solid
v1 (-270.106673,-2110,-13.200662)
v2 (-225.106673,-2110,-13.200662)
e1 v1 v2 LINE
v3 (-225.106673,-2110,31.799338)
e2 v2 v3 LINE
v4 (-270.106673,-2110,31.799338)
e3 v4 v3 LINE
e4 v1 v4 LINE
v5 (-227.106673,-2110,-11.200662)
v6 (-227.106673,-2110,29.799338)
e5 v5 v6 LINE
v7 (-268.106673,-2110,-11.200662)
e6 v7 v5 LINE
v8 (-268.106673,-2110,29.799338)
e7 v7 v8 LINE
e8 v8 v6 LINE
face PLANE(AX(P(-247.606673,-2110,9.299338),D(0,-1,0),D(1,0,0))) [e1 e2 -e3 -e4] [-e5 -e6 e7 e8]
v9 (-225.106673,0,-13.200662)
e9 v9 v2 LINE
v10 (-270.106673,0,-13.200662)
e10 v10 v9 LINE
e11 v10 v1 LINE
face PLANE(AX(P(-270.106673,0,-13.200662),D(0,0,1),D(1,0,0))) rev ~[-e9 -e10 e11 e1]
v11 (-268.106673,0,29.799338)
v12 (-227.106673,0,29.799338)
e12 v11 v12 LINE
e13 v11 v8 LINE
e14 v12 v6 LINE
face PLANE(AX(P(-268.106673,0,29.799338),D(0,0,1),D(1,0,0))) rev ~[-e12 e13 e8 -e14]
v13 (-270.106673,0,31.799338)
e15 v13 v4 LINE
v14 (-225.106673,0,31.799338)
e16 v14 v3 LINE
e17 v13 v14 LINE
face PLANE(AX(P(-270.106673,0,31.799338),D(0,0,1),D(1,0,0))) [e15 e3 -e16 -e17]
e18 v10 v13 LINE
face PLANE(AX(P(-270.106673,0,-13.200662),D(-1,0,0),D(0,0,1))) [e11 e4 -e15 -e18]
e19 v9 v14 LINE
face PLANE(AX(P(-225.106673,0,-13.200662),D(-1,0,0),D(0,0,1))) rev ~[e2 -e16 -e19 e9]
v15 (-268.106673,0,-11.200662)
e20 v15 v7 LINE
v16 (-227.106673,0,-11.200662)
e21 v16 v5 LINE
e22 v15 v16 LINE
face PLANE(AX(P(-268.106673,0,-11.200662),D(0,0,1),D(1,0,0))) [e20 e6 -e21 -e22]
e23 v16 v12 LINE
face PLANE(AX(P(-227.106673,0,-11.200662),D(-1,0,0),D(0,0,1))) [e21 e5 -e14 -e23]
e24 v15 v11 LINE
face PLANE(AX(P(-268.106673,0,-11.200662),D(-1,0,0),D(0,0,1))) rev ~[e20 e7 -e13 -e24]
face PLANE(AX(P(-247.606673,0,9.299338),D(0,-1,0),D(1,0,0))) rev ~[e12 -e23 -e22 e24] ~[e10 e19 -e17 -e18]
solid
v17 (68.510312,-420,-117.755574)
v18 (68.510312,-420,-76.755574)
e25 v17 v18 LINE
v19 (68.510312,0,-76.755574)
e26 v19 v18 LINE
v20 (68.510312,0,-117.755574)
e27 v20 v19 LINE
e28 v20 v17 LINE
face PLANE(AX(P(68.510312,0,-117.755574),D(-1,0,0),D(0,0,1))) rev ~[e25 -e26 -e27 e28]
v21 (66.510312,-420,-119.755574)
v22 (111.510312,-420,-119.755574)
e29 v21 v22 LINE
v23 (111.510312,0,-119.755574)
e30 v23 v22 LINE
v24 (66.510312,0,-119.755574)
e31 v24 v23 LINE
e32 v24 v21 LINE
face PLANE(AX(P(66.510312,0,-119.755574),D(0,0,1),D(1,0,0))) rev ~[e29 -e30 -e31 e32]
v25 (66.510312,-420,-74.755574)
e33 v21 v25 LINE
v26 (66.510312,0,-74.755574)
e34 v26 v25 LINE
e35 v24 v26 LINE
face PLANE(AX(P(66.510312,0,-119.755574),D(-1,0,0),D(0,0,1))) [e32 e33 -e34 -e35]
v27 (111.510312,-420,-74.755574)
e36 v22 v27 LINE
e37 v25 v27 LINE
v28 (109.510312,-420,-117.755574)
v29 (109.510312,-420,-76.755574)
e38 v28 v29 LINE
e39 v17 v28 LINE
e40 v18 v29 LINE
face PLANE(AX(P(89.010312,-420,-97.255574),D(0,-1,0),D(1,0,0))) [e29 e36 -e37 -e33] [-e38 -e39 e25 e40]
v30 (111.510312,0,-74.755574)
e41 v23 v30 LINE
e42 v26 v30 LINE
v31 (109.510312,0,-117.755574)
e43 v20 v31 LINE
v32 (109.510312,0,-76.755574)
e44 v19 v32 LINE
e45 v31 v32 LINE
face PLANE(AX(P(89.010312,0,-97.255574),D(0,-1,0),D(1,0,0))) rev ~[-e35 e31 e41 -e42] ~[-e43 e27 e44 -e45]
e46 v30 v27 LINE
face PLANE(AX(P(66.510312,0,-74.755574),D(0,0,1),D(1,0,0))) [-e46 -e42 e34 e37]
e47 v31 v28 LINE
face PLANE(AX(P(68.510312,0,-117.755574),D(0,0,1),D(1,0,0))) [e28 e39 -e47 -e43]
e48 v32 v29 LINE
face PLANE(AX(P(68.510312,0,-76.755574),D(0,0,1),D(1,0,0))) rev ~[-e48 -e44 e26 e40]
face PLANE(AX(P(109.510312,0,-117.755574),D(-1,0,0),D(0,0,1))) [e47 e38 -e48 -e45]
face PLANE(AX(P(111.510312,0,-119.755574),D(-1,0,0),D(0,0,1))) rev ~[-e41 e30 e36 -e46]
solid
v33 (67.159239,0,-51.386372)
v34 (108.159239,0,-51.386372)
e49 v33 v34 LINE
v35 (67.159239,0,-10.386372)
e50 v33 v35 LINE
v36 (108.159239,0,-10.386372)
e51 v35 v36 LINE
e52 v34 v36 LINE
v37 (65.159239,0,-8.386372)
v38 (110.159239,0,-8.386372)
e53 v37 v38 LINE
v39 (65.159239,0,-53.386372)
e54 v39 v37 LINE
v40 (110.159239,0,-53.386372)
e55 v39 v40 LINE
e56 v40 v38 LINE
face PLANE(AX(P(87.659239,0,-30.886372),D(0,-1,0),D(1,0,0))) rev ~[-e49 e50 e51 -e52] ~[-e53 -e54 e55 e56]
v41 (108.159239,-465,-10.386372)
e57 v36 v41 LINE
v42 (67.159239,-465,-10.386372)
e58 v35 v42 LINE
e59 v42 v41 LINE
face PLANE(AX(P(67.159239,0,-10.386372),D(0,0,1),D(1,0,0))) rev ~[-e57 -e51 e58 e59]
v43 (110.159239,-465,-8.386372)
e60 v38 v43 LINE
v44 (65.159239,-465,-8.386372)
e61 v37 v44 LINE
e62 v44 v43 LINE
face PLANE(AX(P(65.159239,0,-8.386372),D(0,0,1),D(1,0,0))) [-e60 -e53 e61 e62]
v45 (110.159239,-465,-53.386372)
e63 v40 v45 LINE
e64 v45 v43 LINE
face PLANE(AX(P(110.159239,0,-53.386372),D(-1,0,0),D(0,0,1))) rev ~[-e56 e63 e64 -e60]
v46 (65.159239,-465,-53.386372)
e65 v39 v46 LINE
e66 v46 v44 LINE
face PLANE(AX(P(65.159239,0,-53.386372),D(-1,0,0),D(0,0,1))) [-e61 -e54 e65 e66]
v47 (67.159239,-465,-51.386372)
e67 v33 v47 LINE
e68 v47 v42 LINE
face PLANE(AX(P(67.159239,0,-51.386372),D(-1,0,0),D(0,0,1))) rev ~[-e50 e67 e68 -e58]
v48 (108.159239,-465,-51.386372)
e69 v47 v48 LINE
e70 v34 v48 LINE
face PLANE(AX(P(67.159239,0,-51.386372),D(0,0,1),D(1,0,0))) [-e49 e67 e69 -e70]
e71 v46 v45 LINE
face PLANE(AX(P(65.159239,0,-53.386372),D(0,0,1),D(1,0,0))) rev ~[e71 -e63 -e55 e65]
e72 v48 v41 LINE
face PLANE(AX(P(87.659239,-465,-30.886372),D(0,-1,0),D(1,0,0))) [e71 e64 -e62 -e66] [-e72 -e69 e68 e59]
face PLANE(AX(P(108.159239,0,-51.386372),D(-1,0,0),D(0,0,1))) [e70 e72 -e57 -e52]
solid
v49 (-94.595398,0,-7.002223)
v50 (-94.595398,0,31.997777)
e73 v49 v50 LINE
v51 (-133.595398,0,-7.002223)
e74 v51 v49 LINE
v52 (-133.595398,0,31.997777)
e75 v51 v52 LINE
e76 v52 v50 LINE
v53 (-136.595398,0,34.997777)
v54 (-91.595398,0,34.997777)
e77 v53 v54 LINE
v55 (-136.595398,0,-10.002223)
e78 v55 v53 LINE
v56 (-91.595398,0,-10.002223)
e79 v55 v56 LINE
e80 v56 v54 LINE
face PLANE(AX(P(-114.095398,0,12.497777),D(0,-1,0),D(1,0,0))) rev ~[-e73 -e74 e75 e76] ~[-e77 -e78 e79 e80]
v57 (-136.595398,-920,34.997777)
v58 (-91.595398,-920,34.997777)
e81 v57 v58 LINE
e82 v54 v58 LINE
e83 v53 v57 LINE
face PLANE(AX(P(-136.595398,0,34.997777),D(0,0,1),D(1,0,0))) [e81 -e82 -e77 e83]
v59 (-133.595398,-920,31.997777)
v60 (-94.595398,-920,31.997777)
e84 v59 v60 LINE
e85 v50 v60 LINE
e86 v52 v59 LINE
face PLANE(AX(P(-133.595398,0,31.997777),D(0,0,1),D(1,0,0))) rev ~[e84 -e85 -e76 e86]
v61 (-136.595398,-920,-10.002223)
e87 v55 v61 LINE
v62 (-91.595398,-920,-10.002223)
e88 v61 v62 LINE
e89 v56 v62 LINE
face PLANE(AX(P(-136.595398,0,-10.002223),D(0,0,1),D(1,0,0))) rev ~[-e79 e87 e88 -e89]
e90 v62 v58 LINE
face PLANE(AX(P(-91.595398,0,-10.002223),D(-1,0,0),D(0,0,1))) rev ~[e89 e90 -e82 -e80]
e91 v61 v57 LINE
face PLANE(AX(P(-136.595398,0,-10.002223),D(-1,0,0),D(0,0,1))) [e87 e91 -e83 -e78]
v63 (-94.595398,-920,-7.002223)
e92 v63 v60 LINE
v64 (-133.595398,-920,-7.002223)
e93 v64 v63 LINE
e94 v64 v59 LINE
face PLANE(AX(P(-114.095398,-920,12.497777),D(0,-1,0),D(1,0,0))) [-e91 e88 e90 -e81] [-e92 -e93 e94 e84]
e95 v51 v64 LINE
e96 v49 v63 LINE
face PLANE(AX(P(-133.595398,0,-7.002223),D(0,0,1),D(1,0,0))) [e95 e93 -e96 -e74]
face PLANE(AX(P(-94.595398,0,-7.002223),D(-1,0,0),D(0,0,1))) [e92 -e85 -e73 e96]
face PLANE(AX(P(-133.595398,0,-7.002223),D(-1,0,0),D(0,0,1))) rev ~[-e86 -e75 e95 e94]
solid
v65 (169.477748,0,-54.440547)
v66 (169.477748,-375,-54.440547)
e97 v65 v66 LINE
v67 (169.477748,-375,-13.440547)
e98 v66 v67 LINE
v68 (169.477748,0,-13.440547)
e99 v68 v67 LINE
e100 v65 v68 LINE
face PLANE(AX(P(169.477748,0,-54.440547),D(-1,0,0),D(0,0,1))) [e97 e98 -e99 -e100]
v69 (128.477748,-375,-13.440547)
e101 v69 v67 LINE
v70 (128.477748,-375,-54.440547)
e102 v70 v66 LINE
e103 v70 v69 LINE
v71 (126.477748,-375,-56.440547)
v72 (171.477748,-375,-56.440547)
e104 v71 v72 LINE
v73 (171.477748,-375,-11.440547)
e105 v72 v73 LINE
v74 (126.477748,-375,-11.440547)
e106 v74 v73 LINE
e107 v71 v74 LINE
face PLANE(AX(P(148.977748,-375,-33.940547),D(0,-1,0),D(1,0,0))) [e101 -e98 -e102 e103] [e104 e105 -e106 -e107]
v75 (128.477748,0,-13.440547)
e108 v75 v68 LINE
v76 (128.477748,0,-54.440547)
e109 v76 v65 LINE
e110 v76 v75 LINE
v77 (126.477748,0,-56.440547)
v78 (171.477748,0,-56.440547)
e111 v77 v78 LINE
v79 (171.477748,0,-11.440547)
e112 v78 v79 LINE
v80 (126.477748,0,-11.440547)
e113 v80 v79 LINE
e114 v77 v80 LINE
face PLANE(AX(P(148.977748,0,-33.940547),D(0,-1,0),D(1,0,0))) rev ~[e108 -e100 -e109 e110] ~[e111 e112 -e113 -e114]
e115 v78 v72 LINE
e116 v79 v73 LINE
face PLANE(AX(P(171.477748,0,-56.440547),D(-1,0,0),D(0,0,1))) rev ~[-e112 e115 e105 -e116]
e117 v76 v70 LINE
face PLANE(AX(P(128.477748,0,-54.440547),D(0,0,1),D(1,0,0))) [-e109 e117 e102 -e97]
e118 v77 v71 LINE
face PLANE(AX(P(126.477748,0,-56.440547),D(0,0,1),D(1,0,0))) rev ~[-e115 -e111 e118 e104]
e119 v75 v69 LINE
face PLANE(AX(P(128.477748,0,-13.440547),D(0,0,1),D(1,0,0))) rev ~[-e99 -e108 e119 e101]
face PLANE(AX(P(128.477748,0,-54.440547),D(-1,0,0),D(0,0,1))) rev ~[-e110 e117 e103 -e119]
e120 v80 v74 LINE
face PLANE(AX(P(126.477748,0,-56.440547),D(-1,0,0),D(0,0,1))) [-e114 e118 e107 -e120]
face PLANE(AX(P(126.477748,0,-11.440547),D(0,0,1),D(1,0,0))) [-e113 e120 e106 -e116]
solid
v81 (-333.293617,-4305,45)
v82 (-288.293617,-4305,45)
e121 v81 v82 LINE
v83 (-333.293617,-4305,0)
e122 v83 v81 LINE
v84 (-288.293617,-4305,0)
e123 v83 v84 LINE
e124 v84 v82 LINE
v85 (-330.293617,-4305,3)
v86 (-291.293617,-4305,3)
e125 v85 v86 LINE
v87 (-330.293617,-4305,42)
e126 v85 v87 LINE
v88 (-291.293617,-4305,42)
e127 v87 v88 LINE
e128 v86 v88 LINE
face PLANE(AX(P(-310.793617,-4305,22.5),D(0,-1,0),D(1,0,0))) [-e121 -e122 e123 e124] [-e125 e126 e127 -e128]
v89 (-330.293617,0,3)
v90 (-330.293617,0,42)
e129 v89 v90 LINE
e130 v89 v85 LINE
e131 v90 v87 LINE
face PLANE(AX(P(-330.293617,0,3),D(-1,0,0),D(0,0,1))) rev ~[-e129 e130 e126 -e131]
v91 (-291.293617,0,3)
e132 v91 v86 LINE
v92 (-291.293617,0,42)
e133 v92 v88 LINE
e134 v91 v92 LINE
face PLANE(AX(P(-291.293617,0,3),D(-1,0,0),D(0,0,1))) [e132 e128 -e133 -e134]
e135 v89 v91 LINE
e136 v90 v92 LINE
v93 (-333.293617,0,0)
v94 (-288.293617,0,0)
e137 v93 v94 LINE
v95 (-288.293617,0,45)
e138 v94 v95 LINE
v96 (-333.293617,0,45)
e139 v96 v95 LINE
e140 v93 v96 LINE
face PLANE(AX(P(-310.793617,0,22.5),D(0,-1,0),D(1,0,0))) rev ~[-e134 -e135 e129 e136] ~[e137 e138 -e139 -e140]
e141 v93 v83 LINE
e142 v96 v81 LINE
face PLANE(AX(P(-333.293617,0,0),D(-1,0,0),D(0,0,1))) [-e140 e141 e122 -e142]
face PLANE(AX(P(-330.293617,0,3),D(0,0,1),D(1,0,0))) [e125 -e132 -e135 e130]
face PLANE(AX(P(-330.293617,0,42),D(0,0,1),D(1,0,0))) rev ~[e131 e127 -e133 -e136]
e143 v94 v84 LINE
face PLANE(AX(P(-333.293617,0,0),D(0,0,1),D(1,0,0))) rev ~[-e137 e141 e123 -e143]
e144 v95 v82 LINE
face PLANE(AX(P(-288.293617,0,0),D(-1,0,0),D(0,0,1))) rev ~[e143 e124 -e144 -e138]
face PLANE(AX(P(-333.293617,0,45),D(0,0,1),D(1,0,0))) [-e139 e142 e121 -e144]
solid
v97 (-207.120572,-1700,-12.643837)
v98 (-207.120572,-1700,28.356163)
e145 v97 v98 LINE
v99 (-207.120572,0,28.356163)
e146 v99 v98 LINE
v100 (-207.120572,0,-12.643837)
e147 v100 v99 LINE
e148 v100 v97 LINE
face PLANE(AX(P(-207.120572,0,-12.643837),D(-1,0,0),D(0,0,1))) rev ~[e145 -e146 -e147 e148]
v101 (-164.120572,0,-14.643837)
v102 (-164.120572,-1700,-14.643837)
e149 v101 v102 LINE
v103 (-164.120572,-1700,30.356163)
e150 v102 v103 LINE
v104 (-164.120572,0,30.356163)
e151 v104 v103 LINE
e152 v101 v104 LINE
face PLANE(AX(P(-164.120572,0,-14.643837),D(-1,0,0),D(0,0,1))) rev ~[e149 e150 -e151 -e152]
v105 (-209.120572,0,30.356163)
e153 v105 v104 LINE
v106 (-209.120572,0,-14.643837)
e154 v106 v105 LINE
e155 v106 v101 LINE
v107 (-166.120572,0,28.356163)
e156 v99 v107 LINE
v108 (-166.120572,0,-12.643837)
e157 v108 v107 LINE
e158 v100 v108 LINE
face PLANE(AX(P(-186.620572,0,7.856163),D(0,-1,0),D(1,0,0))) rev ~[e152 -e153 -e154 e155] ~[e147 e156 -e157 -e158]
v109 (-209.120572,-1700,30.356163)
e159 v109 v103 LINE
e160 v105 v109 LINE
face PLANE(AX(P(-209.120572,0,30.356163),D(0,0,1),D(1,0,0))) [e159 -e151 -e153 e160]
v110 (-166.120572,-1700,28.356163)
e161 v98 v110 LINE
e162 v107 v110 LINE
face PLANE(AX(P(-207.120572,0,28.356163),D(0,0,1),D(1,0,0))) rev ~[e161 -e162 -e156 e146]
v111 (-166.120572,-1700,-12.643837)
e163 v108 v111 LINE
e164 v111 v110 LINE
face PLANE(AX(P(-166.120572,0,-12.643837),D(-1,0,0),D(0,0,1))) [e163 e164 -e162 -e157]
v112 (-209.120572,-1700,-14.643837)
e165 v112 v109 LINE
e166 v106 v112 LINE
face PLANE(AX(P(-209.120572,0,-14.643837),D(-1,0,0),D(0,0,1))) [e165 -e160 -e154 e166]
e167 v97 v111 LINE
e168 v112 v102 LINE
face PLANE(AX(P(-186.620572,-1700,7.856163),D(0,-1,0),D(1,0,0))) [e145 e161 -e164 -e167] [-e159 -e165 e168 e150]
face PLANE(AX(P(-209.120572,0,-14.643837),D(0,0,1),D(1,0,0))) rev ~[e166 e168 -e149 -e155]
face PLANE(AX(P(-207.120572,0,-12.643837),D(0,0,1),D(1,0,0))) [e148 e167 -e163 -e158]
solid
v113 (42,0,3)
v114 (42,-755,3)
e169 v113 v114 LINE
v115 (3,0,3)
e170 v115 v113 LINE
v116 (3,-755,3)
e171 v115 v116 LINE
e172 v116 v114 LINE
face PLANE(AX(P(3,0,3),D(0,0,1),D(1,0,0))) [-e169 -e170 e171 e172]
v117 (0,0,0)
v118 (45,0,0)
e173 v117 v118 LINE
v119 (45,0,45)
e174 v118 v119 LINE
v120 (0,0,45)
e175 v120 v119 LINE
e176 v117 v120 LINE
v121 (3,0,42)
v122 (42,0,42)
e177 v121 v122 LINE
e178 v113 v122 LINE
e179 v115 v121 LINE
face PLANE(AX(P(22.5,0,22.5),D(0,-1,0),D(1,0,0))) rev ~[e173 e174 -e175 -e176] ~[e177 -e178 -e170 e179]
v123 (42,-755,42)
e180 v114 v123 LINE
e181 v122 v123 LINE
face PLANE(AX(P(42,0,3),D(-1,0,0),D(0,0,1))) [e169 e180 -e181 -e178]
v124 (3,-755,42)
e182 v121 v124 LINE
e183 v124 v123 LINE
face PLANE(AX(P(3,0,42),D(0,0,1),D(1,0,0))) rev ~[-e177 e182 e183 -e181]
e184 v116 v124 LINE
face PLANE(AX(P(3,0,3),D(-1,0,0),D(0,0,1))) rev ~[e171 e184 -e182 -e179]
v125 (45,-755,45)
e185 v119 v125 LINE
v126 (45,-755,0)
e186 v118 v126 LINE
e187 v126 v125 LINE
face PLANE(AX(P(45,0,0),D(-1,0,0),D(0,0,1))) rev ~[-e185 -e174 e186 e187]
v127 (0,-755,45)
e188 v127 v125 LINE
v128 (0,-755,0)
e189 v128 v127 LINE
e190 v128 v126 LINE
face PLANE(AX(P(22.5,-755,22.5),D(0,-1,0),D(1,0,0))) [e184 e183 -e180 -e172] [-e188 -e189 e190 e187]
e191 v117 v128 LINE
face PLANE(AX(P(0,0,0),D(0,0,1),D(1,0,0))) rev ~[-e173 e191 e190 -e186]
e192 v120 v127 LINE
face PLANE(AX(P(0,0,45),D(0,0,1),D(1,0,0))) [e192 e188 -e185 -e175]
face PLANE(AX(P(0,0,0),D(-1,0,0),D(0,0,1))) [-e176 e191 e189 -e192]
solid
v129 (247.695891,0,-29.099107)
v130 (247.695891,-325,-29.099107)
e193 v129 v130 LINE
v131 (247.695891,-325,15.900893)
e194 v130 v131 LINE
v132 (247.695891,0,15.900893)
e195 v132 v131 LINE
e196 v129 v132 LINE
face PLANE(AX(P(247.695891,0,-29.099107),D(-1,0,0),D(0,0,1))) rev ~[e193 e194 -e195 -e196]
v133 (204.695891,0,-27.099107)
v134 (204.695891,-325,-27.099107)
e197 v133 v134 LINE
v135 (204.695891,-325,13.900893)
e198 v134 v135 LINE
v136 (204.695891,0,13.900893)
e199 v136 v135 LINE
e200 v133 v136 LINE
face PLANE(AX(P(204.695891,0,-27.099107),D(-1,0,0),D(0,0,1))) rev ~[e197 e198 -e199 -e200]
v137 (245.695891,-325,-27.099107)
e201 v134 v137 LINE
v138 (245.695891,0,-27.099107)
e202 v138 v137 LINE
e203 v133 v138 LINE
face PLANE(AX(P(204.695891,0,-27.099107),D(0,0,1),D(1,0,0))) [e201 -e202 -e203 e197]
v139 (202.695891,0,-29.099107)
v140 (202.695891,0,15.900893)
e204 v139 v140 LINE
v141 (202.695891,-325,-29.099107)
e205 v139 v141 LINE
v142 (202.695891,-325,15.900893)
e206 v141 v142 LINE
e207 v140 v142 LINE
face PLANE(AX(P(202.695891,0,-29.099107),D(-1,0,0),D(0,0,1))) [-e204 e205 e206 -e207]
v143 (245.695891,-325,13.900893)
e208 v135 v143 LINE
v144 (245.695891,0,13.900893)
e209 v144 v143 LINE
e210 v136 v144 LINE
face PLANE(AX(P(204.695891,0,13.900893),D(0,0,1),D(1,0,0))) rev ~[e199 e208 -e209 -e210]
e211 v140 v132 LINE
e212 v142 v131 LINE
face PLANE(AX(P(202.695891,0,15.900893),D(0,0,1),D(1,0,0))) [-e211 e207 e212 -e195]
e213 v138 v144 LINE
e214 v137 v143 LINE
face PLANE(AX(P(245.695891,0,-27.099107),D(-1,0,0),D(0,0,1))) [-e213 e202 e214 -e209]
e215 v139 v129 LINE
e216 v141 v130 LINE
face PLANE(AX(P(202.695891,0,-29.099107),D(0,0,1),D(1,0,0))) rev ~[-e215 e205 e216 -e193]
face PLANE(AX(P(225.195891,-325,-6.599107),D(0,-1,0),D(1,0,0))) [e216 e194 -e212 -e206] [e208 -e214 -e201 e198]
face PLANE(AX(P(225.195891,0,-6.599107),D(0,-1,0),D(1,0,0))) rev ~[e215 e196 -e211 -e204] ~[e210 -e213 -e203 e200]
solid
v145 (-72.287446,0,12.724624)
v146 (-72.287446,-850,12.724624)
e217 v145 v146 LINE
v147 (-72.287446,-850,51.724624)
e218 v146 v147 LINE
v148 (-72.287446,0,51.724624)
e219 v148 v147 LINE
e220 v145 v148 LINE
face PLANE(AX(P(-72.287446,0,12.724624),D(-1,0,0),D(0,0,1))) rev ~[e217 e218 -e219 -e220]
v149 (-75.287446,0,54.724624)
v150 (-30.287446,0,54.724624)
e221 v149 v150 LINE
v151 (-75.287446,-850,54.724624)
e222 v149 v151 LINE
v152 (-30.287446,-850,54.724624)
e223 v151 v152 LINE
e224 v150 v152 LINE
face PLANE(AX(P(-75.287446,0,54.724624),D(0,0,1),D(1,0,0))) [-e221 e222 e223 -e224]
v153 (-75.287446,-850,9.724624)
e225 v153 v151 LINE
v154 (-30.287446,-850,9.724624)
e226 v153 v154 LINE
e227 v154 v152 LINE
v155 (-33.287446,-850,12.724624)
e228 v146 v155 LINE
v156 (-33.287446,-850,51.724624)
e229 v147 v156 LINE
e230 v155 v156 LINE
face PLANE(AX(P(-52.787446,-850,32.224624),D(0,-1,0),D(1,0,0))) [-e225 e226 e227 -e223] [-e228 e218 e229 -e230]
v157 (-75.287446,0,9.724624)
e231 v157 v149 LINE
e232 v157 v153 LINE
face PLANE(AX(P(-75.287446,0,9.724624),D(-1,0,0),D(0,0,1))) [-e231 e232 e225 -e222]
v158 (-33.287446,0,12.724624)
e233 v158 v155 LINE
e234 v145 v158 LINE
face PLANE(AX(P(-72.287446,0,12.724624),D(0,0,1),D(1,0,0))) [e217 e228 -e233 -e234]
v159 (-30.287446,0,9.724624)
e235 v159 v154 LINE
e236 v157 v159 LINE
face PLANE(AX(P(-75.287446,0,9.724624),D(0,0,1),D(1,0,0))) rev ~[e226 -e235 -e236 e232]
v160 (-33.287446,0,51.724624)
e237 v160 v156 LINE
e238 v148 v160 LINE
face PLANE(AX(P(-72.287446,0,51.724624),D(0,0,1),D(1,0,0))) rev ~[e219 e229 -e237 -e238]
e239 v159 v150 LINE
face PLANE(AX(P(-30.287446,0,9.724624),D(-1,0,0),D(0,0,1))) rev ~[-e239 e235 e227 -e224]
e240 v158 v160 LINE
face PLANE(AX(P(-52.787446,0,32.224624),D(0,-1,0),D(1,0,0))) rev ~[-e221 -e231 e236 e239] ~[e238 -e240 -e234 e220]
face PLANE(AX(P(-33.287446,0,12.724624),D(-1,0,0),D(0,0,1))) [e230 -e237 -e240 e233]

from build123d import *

# Parameters (mm, degrees)
F0_W      = 45
F0_H      = 45
F0_W_2    = 39
F0_H_2    = 39
F1_DEPTH  = 755
F2_DEPTH  = 850
F3_DEPTH  = 920
F0_W_3    = 41
F0_H_3    = 41
F4_DEPTH  = 1700
F5_DEPTH  = 2110
F6_DEPTH  = 465
F7_DEPTH  = 375
F8_DEPTH  = 4305
F9_DEPTH  = 325
F10_DEPTH = 420


with BuildPart() as f1:
    # F0 (on Front) → F1 (new body)
    with BuildSketch(Plane.XZ):
        with Locations((22.5, 22.5)):
            Rectangle(F0_W, F0_H)
        with Locations((22.5, 22.5)):
            Rectangle(F0_W_2, F0_H_2, mode=Mode.SUBTRACT)
    extrude(amount=F1_DEPTH)


with BuildPart() as f2:
    # F0 (on Front) → F2 (new body)
    with BuildSketch(Plane.XZ):
        with Locations((-52.787446, 32.224624)):
            Rectangle(F0_W, F0_H)
        with Locations((-52.787446, 32.224624)):
            Rectangle(F0_W_2, F0_H_2, mode=Mode.SUBTRACT)
    extrude(amount=F2_DEPTH)


with BuildPart() as f3:
    # F0 (on Front) → F3 (new body)
    with BuildSketch(Plane.XZ):
        with Locations((-114.095398, 12.497777)):
            Rectangle(F0_W, F0_H)
        with Locations((-114.095398, 12.497777)):
            Rectangle(F0_W_2, F0_H_2, mode=Mode.SUBTRACT)
    extrude(amount=F3_DEPTH)


with BuildPart() as f4:
    # F0 (on Front) → F4 (new body)
    with BuildSketch(Plane.XZ):
        with Locations((-186.620572, 7.856163)):
            Rectangle(F0_W, F0_H)
        with Locations((-186.620572, 7.856163)):
            Rectangle(F0_W_3, F0_H_3, mode=Mode.SUBTRACT)
    extrude(amount=F4_DEPTH)


with BuildPart() as f5:
    # F0 (on Front) → F5 (new body)
    with BuildSketch(Plane.XZ):
        with Locations((-247.606673, 9.299338)):
            Rectangle(F0_W, F0_H)
        with Locations((-247.606673, 9.299338)):
            Rectangle(F0_W_3, F0_H_3, mode=Mode.SUBTRACT)
    extrude(amount=F5_DEPTH)


with BuildPart() as f6:
    # F0 (on Front) → F6 (new body)
    with BuildSketch(Plane.XZ):
        with Locations((87.659239, -30.886372)):
            Rectangle(F0_W, F0_H)
        with Locations((87.659239, -30.886372)):
            Rectangle(F0_W_3, F0_H_3, mode=Mode.SUBTRACT)
    extrude(amount=F6_DEPTH)


with BuildPart() as f7:
    # F0 (on Front) → F7 (new body)
    with BuildSketch(Plane.XZ):
        with Locations((148.977748, -33.940547)):
            Rectangle(F0_W, F0_H)
        with Locations((148.977748, -33.940547)):
            Rectangle(F0_W_3, F0_H_3, mode=Mode.SUBTRACT)
    extrude(amount=F7_DEPTH)


with BuildPart() as f8:
    # F0 (on Front) → F8 (new body)
    with BuildSketch(Plane.XZ):
        with Locations((-310.793617, 22.5)):
            Rectangle(F0_W, F0_H)
        with Locations((-310.793617, 22.5)):
            Rectangle(F0_W_2, F0_H_2, mode=Mode.SUBTRACT)
    extrude(amount=F8_DEPTH)


with BuildPart() as f9:
    # F0 (on Front) → F9 (new body)
    with BuildSketch(Plane.XZ):
        with Locations((225.195891, -6.599107)):
            Rectangle(F0_W, F0_H)
        with Locations((225.195891, -6.599107)):
            Rectangle(F0_W_3, F0_H_3, mode=Mode.SUBTRACT)
    extrude(amount=F9_DEPTH)


with BuildPart() as f10:
    # F0 (on Front) → F10 (new body)
    with BuildSketch(Plane.XZ):
        with Locations((89.010312, -97.255574)):
            Rectangle(F0_W, F0_H)
        with Locations((89.010312, -97.255574)):
            Rectangle(F0_W_3, F0_H_3, mode=Mode.SUBTRACT)
    extrude(amount=F10_DEPTH)


solid = Compound([f1.part, f2.part, f3.part, f4.part, f5.part, f6.part, f7.part, f8.part, f9.part, f10.part])
